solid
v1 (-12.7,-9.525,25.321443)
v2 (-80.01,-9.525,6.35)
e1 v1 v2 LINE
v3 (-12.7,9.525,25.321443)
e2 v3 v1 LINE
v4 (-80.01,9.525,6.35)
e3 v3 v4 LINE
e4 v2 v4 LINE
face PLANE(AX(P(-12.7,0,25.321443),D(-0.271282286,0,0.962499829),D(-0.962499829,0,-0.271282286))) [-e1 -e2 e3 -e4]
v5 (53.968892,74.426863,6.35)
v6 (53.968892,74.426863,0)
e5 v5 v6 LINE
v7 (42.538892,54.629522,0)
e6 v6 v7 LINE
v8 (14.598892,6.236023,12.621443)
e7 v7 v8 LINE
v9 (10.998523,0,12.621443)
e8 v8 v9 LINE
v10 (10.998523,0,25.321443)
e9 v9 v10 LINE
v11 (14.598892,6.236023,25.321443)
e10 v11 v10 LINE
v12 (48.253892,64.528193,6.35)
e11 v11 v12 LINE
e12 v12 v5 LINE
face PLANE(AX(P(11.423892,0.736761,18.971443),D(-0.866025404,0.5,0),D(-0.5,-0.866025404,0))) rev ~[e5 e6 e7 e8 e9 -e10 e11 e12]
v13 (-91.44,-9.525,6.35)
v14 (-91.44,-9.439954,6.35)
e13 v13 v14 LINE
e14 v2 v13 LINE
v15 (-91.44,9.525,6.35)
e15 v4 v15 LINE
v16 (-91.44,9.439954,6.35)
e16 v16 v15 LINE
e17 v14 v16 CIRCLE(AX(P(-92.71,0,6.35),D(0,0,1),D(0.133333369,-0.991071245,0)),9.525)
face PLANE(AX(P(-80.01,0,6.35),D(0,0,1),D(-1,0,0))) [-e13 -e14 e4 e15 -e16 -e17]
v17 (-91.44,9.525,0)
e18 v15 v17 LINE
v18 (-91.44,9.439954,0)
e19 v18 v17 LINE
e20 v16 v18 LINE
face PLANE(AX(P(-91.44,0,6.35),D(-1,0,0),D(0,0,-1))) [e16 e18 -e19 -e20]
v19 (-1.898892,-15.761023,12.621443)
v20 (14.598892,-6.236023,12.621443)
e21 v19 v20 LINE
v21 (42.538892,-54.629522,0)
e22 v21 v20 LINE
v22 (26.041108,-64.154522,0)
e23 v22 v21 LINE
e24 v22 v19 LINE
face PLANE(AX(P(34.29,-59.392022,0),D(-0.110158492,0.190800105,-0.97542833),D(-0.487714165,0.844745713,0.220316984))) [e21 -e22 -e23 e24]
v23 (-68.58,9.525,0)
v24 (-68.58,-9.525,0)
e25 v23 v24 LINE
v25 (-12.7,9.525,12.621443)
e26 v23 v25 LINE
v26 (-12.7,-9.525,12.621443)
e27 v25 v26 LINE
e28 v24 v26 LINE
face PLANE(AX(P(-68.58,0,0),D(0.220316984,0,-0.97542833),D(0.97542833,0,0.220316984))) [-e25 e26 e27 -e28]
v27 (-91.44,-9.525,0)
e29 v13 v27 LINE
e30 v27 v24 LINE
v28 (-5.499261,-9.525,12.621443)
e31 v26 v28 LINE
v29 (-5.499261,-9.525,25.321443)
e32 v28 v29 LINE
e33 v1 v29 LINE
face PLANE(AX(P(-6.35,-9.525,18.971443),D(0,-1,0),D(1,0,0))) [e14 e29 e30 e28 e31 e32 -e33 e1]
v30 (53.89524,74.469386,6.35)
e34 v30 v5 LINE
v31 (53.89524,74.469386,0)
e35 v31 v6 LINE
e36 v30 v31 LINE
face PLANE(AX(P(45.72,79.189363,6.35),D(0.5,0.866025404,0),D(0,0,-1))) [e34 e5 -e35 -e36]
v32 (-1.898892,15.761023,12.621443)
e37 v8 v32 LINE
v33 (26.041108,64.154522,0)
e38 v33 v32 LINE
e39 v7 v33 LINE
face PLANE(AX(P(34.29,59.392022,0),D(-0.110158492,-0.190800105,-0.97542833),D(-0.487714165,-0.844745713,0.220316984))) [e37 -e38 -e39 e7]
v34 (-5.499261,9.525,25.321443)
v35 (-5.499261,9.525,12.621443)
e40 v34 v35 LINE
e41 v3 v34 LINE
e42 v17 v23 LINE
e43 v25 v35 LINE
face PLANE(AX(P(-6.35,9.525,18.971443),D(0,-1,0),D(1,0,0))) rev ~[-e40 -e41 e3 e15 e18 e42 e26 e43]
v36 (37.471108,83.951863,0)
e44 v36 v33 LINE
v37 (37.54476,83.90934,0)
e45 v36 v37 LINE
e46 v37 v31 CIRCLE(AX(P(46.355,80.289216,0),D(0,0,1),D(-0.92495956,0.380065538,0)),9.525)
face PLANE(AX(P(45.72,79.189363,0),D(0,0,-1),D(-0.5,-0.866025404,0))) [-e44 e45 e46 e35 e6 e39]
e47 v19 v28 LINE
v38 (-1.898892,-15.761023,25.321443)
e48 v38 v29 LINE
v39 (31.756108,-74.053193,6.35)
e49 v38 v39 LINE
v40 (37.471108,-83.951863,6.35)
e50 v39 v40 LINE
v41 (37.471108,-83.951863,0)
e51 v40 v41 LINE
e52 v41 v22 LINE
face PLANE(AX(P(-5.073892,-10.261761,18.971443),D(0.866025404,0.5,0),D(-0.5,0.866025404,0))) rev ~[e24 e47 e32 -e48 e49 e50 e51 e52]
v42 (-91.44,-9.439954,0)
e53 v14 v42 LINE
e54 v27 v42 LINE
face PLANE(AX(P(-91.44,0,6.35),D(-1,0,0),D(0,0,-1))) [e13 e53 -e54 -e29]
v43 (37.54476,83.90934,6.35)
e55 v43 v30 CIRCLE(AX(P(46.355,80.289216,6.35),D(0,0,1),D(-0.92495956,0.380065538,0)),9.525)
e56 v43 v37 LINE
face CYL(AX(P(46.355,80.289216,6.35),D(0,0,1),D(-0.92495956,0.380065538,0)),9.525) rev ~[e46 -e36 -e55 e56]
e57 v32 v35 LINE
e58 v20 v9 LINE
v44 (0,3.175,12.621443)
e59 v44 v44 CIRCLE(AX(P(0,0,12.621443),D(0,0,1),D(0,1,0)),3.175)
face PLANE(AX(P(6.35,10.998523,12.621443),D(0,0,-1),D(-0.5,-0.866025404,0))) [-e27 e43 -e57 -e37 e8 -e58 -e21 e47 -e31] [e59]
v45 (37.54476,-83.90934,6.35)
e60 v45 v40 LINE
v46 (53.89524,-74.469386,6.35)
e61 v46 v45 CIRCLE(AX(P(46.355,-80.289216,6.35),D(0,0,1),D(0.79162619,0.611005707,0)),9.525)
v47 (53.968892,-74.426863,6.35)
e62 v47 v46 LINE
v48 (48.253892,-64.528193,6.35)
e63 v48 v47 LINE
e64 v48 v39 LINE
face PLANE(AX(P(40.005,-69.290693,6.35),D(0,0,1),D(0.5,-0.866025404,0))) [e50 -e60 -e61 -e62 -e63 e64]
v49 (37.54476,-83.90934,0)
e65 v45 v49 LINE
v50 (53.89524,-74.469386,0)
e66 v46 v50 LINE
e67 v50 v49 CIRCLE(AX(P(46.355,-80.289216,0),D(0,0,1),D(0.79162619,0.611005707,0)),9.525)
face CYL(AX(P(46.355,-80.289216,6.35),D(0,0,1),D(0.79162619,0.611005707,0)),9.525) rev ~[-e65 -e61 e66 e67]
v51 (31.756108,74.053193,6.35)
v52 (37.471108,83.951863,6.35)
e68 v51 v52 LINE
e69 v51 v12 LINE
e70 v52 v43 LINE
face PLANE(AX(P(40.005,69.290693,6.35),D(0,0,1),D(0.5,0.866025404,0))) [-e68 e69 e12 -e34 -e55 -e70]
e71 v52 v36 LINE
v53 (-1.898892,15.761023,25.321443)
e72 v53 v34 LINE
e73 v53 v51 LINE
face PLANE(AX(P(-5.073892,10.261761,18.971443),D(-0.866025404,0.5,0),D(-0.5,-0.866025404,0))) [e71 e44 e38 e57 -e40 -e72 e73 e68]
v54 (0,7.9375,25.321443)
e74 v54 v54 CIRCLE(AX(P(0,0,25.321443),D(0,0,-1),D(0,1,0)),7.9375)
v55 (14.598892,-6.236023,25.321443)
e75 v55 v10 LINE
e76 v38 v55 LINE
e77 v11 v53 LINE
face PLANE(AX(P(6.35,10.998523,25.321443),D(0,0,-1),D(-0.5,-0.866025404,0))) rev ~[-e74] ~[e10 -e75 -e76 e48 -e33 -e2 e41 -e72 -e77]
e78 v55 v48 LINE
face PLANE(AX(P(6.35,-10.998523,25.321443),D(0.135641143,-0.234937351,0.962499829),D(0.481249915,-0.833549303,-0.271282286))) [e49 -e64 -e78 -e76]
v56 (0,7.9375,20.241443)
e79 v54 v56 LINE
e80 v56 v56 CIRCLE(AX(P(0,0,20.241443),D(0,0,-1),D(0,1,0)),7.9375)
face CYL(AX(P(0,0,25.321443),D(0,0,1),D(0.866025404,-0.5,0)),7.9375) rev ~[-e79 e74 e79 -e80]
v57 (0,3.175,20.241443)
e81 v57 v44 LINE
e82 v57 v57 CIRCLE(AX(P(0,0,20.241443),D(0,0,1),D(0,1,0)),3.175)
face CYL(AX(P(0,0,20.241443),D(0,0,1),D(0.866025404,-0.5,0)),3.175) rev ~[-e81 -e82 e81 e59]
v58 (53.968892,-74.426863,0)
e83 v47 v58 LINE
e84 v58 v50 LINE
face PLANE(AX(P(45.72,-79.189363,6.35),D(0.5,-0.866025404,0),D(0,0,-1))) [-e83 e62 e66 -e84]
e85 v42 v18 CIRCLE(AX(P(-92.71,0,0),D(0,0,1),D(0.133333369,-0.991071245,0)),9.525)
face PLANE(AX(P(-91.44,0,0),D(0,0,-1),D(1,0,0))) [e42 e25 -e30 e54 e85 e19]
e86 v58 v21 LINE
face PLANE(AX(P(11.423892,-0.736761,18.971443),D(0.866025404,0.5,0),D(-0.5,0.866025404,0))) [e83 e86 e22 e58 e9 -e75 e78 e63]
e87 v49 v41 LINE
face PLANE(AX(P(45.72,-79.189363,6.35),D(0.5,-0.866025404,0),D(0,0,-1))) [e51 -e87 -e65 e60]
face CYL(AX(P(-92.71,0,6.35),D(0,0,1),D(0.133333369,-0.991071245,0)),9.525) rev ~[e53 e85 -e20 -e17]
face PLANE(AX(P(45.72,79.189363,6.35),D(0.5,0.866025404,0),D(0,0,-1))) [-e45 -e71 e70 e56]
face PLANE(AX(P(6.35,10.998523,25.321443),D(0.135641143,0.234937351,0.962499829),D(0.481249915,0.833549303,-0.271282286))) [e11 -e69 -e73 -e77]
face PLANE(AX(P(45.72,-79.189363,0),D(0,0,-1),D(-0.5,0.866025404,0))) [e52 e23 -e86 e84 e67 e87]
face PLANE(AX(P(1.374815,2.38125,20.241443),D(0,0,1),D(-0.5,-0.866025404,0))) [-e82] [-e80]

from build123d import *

# Parameters (mm, degrees)
F1_DEPTH  = 9.525
F3_DEPTH  = 6.351
F0_W      = 12.7
F0_H      = 12.7
F4_DEPTH  = 9.525
F6_DEPTH  = 5.08
F8_DEPTH  = 25.4
F10_COUNT = 3


with BuildPart() as f1:
    # F0 (on Front) → F1 (new body, symmetric)
    with BuildSketch(Plane.XZ):
        Polygon((-91.44, 0), (-68.58, 0), (-68.58, 6.35), (-80.01, 6.35), (-91.44, 6.35), align=None)
        Polygon((-68.58, 6.35), (-68.58, 0), (-12.7, 12.621443), (-12.7, 25.321443), (-80.01, 6.35), align=None)
    extrude(amount=F1_DEPTH, both=True)

    # F2 (on face) → F3 (cut, through all)
    with BuildSketch(Plane.XY.offset(6.35)):
        with BuildLine():
            Line((-91.44, 9.439954), (-91.44, -9.439954))
            ThreePointArc((-91.44, -9.439954), (-83.185, 0), (-91.44, 9.439954))
        make_face()
    extrude(amount=-F3_DEPTH, mode=Mode.SUBTRACT)

    # F0 (on Front) → F4 (join, symmetric)
    with BuildSketch(Plane.XZ):
        with Locations((-6.35, 18.971443)):
            Rectangle(F0_W, F0_H)
    extrude(amount=F4_DEPTH, both=True)

    # F5 (on face) → F6 (cut)
    with BuildSketch(Plane.XY.offset(25.321443)):
        with BuildLine():
            Line((0, -7.9375), (0, 7.9375))
            ThreePointArc((0, 7.9375), (-7.9375, 0), (0, -7.9375))
        make_face()
    extrude(amount=-F6_DEPTH, mode=Mode.SUBTRACT)

    # F7 (on face) → F8 (cut)
    with BuildSketch(Plane.XY.offset(20.241443)):
        with BuildLine():
            Line((0, -3.175), (0, 3.175))
            ThreePointArc((0, 3.175), (-3.175, 0), (0, -3.175))
        make_face()
    extrude(amount=-F8_DEPTH, mode=Mode.SUBTRACT)

    # F10: F1 ×3 about axis
    f10_axis = Axis((0, 0, 19.108918), (0, 0, 1))


with BuildPart() as f1_1:
    add(f1.part)
    for i in range(1, F10_COUNT):
        add(f1.part.rotate(f10_axis, i * 360 / F10_COUNT))


solid = f1_1.part
